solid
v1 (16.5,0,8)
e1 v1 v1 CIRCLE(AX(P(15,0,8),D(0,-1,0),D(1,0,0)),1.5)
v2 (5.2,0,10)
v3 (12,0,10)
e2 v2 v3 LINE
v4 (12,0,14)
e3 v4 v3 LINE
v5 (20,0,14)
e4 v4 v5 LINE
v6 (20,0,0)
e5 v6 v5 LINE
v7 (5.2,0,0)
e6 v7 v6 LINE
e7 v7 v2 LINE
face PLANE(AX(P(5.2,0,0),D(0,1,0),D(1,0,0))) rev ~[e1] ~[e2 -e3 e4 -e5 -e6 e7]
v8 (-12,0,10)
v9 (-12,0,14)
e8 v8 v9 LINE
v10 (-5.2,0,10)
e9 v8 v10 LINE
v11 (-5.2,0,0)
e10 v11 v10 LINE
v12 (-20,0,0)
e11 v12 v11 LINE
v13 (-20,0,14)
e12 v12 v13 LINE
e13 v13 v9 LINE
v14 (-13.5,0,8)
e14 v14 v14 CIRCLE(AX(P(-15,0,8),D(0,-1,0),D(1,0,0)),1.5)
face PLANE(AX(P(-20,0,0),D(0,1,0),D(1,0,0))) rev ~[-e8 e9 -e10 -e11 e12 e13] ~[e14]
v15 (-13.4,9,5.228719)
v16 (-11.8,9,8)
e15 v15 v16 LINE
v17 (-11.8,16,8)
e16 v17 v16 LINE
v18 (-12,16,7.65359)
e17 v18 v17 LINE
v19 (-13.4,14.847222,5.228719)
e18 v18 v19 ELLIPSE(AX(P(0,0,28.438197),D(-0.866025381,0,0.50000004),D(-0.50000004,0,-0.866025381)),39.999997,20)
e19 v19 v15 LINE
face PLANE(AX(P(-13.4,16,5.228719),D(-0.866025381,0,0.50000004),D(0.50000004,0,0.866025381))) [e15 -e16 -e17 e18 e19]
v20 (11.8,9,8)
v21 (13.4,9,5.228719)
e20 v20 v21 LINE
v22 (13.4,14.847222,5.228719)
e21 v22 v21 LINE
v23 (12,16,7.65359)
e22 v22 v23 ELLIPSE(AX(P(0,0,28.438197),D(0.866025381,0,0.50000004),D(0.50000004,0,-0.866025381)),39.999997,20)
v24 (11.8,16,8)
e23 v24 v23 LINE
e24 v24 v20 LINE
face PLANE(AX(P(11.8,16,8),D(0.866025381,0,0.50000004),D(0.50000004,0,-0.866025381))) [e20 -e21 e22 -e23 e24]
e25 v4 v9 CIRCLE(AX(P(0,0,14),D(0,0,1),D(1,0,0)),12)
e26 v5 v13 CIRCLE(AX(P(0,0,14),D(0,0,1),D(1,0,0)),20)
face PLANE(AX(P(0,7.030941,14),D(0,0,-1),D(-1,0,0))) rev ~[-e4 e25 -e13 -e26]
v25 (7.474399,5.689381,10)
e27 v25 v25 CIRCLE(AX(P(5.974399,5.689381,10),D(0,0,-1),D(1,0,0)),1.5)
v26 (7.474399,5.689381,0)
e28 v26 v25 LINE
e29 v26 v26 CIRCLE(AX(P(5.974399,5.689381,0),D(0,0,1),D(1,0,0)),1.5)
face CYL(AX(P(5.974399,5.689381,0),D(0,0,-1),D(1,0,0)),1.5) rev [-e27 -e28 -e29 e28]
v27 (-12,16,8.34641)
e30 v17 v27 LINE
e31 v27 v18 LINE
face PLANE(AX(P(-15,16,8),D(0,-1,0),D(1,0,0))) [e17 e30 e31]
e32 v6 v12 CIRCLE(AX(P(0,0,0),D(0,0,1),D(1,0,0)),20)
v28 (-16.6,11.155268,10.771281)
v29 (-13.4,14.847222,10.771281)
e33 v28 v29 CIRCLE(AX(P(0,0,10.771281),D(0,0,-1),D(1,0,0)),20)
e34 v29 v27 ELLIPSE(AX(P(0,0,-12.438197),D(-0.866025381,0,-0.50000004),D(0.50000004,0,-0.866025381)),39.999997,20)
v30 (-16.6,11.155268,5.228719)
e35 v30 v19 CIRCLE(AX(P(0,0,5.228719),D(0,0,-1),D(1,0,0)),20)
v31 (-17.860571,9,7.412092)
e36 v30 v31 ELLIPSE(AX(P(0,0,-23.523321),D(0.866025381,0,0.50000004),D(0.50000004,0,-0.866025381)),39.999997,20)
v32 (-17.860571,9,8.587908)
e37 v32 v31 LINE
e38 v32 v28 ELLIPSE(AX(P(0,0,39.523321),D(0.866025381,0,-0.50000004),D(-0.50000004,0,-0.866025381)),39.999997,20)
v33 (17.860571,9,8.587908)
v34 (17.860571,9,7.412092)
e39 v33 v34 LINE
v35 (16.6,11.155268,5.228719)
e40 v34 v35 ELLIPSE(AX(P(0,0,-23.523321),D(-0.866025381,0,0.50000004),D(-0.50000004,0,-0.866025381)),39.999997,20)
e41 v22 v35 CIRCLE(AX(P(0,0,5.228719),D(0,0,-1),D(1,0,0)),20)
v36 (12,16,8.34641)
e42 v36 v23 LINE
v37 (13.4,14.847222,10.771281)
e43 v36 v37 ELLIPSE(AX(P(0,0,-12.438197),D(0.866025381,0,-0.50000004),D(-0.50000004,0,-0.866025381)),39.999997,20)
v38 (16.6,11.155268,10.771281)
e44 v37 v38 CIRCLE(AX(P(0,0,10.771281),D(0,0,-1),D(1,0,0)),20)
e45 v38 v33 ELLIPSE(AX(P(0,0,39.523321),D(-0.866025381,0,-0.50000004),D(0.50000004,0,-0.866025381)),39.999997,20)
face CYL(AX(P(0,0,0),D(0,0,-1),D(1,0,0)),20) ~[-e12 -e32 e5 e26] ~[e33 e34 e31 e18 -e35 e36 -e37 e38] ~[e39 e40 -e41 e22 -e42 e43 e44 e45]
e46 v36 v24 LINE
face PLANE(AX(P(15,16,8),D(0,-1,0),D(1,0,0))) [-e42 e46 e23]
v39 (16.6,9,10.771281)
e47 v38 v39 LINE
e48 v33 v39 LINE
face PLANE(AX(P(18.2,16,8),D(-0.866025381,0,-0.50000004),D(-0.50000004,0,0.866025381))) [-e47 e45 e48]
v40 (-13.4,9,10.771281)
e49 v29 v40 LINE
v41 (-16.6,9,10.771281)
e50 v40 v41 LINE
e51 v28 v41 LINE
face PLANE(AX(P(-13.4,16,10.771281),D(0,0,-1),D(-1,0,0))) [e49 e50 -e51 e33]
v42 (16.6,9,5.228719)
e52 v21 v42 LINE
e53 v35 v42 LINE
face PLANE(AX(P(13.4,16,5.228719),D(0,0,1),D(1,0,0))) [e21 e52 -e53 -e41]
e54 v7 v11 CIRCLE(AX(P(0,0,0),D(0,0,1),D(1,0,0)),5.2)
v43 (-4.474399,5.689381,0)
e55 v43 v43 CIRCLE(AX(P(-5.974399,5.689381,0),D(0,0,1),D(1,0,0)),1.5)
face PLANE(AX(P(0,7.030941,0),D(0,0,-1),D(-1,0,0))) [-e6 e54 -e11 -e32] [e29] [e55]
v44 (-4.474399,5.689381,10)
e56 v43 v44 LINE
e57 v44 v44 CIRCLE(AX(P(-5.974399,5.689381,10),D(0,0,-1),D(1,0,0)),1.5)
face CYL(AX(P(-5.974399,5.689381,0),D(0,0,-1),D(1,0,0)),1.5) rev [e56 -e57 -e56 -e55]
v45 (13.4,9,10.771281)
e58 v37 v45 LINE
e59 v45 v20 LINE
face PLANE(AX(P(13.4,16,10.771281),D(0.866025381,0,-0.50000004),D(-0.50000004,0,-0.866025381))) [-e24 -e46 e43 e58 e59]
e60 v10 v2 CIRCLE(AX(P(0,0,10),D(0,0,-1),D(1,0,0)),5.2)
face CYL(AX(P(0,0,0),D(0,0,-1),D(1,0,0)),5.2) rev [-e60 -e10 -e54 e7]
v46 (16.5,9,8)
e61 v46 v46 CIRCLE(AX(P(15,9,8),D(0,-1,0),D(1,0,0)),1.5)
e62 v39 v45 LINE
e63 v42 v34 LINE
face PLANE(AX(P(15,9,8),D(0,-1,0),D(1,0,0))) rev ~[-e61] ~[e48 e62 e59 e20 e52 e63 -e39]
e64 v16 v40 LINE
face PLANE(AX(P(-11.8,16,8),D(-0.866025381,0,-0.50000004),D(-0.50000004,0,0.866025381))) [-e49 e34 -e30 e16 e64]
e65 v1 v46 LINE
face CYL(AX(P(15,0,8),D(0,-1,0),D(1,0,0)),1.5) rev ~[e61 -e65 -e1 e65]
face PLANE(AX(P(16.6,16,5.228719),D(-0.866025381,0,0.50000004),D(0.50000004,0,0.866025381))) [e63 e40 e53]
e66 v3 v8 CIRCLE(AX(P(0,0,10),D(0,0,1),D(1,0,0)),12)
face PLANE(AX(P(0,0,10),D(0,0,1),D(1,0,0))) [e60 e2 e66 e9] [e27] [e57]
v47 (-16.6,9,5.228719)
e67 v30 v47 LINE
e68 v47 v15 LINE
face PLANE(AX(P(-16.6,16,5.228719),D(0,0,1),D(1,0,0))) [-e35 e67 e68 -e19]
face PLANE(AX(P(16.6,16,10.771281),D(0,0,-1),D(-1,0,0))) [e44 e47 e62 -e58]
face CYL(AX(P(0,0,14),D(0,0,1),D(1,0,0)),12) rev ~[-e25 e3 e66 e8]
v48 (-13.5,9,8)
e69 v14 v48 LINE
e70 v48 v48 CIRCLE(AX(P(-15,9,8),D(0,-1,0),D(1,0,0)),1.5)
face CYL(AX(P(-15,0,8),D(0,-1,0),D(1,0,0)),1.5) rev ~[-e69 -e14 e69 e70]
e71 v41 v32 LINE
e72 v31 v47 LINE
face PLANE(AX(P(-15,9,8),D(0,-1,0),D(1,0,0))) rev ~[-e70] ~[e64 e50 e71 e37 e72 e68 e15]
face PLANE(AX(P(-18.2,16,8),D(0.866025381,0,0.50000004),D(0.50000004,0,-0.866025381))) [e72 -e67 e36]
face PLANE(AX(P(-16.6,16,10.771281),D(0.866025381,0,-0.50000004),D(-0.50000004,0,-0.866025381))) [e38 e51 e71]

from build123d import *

# Parameters (mm, degrees)
PAD003_DEPTH = 7
SKETCH002_R  = 1.5
PAD002_DEPTH = 15
SKETCH001_R  = 12
PAD001_DEPTH = 4
SKETCH004_R  = 1.5
PAD004_DEPTH = 14
PAD_DEPTH    = 14


with BuildPart() as nutflush:
    # Sketch003 → Pad003 (new body)
    with BuildSketch(Plane.XZ.offset(-16)):
        Polygon((-13.4, 5.228719), (-11.8, 8), (-13.4, 10.771281), (-16.6, 10.771281), (-18.2, 8), (-16.6, 5.228719), align=None)
        Polygon((16.6, 5.228719), (18.2, 8), (16.6, 10.771281), (13.4, 10.771281), (11.8, 8), (13.4, 5.228719), align=None)
    extrude(amount=PAD003_DEPTH)


with BuildPart() as mount:
    # Sketch002 → Pad002 (new body)
    with BuildSketch(Plane.XZ):
        with Locations((-15, 8)):
            Circle(SKETCH002_R)
        with Locations((15, 8)):
            Circle(SKETCH002_R)
    extrude(amount=-PAD002_DEPTH)


with BuildPart() as leadnutflush:
    # Sketch001 → Pad001 (new body)
    with BuildSketch(Plane.XY.offset(14)):
        Circle(SKETCH001_R)
    extrude(amount=-PAD001_DEPTH)


with BuildPart() as cutblock:
    # Sketch004 → Pad004 (new body)
    with BuildSketch(Plane.XY):
        with Locations((-5.974399, 5.689381)):
            Circle(SKETCH004_R)
        with Locations((5.974399, 5.689381)):
            Circle(SKETCH004_R)
        with Locations((-5.974399, -5.689381)):
            Circle(SKETCH004_R)
        with Locations((5.974399, -5.689381)):
            Circle(SKETCH004_R)
    extrude(amount=PAD004_DEPTH)

    # Fusion: union NutFlush, Mount, LeadNutFlush
    add(nutflush.part)
    add(mount.part)
    add(leadnutflush.part)


with BuildPart() as cut:
    # Sketch → Pad (new body)
    with BuildSketch(Plane.XY):
        with BuildLine():
            ThreePointArc((5.2, 0), (0, 5.2), (-5.2, 0))
            Line((-20, 0), (-5.2, 0))
            ThreePointArc((20, 0), (0, 20), (-20, 0))
            Line((5.2, 0), (20, 0))
        make_face()
    extrude(amount=PAD_DEPTH)

    # Cut: cut CutBlock
    add(cutblock.part, mode=Mode.SUBTRACT)


solid = cut.part
